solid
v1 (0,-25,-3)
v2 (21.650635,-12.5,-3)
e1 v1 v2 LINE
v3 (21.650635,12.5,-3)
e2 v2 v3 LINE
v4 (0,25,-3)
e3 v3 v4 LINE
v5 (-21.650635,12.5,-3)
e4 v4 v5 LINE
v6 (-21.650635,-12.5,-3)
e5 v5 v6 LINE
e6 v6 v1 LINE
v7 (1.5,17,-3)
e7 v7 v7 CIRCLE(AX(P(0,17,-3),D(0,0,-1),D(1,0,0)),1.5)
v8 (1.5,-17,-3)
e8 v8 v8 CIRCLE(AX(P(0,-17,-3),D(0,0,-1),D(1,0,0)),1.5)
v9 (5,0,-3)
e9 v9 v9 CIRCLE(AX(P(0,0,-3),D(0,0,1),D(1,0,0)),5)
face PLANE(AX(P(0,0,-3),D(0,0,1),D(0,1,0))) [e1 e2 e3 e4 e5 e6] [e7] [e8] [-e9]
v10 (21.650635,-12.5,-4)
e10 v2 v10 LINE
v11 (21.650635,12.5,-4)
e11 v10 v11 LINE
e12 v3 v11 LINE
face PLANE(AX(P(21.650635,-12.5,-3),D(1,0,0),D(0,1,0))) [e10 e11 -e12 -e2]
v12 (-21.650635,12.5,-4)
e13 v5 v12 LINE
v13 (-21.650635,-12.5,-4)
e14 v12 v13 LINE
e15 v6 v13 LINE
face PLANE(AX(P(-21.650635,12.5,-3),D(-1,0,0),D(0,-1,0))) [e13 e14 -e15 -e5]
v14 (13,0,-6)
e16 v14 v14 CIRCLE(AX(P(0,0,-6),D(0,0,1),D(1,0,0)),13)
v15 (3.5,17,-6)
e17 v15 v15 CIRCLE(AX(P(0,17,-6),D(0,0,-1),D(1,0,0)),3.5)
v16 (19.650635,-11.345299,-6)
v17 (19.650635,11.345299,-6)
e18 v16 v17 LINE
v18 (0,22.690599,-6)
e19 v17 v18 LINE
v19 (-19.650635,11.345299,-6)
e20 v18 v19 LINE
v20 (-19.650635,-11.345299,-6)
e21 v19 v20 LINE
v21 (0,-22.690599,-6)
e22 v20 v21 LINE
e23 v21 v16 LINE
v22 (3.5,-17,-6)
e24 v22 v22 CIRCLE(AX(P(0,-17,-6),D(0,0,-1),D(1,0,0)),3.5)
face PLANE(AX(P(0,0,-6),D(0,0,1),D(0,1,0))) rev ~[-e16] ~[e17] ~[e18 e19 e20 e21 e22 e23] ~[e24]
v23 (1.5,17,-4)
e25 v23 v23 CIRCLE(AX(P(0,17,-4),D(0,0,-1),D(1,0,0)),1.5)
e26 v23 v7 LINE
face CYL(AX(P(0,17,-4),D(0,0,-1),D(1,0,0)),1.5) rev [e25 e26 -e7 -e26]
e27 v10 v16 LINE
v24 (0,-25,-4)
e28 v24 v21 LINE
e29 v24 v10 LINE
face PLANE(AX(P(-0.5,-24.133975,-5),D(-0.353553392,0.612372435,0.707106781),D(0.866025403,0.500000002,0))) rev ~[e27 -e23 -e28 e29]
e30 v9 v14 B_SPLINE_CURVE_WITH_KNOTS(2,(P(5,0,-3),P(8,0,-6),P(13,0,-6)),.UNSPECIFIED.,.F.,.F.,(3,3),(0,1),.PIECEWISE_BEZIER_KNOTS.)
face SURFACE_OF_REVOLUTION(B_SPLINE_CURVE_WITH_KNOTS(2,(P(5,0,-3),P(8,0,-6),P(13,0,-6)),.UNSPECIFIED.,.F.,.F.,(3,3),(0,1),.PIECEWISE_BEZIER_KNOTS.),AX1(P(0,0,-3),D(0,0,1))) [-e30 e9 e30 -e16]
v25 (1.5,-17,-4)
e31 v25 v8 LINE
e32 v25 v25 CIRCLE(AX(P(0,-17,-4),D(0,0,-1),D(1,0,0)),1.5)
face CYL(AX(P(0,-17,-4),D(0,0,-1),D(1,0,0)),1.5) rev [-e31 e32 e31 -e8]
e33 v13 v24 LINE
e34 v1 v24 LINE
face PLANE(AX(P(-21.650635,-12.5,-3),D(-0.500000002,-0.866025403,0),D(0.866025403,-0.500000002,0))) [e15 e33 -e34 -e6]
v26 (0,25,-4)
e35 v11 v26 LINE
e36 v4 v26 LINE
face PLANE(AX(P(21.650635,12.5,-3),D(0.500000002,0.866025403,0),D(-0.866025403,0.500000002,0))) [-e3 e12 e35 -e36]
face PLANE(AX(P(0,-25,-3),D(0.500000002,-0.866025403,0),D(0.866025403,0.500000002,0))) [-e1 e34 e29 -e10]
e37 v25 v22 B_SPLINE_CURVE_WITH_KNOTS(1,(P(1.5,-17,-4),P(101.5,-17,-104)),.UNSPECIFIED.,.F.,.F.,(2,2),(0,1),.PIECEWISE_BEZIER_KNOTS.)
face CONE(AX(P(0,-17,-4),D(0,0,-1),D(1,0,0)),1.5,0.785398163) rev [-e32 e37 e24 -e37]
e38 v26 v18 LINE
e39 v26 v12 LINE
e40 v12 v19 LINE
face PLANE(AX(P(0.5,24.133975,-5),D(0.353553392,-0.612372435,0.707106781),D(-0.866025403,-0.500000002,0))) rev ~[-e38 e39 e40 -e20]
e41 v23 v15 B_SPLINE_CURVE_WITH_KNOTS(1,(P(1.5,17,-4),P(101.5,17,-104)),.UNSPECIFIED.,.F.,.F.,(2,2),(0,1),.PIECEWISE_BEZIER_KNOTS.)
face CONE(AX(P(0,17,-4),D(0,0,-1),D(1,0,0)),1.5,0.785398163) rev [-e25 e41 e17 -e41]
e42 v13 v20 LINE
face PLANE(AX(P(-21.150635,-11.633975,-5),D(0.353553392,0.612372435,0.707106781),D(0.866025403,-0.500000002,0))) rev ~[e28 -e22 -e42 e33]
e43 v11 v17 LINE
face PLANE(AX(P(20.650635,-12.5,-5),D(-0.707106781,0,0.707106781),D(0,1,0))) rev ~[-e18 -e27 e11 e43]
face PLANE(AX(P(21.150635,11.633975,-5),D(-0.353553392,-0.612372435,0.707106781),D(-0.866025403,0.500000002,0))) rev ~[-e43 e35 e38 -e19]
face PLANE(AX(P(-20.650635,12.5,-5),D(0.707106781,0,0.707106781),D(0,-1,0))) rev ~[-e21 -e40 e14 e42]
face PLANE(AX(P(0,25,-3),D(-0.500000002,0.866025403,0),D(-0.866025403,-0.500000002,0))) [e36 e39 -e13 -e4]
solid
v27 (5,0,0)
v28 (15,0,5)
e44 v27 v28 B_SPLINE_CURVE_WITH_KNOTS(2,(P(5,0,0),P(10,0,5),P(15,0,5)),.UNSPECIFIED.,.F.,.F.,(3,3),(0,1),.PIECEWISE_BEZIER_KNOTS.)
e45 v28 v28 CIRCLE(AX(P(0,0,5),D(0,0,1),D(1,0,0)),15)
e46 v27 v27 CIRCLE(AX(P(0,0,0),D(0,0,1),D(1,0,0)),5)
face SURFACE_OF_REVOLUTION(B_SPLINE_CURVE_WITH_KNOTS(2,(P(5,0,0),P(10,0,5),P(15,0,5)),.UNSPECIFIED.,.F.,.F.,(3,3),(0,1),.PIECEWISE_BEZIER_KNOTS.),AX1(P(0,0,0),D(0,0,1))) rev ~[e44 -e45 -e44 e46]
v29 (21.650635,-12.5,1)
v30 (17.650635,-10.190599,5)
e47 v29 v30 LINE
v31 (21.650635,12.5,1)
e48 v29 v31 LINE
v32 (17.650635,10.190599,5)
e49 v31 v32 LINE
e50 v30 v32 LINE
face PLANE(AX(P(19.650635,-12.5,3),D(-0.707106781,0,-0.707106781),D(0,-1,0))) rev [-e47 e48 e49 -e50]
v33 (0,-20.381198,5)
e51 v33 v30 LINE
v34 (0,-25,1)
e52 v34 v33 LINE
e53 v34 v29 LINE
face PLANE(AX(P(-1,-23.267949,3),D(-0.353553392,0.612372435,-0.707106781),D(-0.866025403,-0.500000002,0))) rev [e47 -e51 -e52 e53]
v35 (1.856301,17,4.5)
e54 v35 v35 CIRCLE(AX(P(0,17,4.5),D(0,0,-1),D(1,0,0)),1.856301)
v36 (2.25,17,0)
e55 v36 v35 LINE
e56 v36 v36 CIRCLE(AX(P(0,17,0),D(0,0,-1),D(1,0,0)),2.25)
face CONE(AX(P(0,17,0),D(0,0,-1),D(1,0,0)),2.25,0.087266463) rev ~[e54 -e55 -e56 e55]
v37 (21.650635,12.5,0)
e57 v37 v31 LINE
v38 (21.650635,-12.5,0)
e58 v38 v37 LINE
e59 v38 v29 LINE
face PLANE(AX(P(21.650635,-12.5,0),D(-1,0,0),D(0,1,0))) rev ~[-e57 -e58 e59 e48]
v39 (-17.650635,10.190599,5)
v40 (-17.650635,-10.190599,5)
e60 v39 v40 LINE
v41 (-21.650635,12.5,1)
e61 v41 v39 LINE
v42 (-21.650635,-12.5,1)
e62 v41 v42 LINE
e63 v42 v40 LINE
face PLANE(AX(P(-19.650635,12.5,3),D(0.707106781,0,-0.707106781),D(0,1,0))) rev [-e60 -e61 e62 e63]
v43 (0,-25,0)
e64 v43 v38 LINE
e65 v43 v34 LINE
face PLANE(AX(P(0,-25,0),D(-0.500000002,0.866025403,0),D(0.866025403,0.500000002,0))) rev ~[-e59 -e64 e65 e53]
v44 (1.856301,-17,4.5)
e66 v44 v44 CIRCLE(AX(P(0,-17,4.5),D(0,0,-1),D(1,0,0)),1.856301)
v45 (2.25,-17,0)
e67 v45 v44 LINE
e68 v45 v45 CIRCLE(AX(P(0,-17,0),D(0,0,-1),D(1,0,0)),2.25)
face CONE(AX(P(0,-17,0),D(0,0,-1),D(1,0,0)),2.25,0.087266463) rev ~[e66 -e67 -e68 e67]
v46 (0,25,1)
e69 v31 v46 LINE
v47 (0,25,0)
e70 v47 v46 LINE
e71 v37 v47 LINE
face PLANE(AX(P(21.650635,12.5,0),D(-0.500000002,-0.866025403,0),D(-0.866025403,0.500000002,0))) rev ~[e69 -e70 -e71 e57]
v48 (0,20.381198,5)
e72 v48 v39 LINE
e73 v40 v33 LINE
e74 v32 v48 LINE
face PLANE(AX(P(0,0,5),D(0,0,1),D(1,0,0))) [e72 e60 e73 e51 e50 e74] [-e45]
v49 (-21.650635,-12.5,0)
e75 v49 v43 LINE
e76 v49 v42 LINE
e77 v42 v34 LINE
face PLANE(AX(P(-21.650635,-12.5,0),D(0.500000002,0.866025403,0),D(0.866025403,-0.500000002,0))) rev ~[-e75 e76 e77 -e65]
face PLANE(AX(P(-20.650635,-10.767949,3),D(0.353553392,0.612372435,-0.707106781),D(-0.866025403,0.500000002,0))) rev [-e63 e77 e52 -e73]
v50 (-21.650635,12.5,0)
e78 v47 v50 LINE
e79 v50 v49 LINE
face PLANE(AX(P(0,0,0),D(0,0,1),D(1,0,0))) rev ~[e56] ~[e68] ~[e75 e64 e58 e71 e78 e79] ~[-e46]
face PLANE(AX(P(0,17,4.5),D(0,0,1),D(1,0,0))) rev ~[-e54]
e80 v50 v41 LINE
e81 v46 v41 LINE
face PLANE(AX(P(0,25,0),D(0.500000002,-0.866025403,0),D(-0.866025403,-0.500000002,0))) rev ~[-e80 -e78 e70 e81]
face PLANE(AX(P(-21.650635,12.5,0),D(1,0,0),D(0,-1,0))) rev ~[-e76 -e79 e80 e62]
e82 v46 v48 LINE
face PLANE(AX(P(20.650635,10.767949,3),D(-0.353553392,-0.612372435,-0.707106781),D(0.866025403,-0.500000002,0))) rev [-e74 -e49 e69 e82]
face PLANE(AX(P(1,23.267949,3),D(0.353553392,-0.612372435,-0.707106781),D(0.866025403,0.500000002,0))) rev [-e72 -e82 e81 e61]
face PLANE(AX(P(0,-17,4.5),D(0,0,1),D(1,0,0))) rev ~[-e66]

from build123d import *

# Parameters (mm, degrees)
PAD_DEPTH       = 5
CHAMFER_SIZE    = 4
SKETCH002_R     = 2.25
POCKET_DEPTH    = 4.5
POCKET_TAPER    = 5
PAD001_DEPTH    = 3
CHAMFER001_SIZE = 2
SKETCH003_R     = 1.5
POCKET001_DEPTH = 100
POCKET001_TAPER = -45
POCKET002_DEPTH = 1.001


with BuildPart() as top:
    # Sketch → Pad (new body)
    with BuildSketch(Plane.XY):
        Polygon((0, -25), (21.650635, -12.5), (21.650635, 12.5), (0, 25), (-21.650635, 12.5), (-21.650635, -12.5), align=None)
    extrude(amount=PAD_DEPTH)

    # Chamfer
    chamfer_edges = [top.edges().sort_by_distance(p)[0] for p in [
        (-10.825318, 18.75, 5),
        (-21.650635, 0, 5),
        (-10.825318, -18.75, 5),
        (10.825318, -18.75, 5),
        (21.650635, 0, 5),
        (10.825318, 18.75, 5),
    ]]
    chamfer(chamfer_edges, length=CHAMFER_SIZE)

    # Sketch001 → Groove (revolve, cut)
    with BuildSketch(Plane.XZ):
        with BuildLine():
            Line((0, 5), (0, 0))
            Line((0, 0), (5, 0))
            add(Edge.make_bspline(
                [(5, 0), (10, 5), (15, 5)],
                knots=[0, 0, 0, 1, 1, 1], degree=2))
            Line((15, 5), (0, 5))
        make_face()
    revolve(axis=Axis((0, 0, 0), (0, 0, 1)), mode=Mode.SUBTRACT)

    # Sketch002 → Pocket (cut)
    with BuildSketch(Plane.XY):
        with Locations((0, 17)):
            Circle(SKETCH002_R)
        with Locations((0, -17)):
            Circle(SKETCH002_R)
    extrude(amount=POCKET_DEPTH, taper=POCKET_TAPER, mode=Mode.SUBTRACT)


with BuildPart() as bottom:
    # Binder → Pad001 (new body)
    with BuildSketch(Plane(origin=(0, 0, -3), x_dir=(0, 1, 0), z_dir=(0, 0, 1))):
        Polygon((-25, 0), (-12.5, -21.650635), (12.5, -21.650635), (25, 0), (12.5, 21.650635), (-12.5, 21.650635), align=None)
    extrude(amount=-PAD001_DEPTH)

    # Chamfer001
    chamfer001_edges = [bottom.edges().sort_by_distance(p)[0] for p in [
        (10.825318, -18.75, -6),
        (21.650635, 0, -6),
        (10.825318, 18.75, -6),
        (-10.825318, 18.75, -6),
        (-21.650635, 0, -6),
        (-10.825318, -18.75, -6),
    ]]
    chamfer(chamfer001_edges, length=CHAMFER001_SIZE)

    # Sketch003 (on Binder) → Pocket001 (cut)
    with BuildSketch(Plane.XY.offset(-4)):
        with Locations((0, 17)):
            Circle(SKETCH003_R)
        with Locations((0, -17)):
            Circle(SKETCH003_R)
    extrude(amount=-POCKET001_DEPTH, taper=POCKET001_TAPER, mode=Mode.SUBTRACT)

    # Sketch003 (on Binder) → Pocket002 (cut, through all)
    with BuildSketch(Plane.XY.offset(-4)):
        with Locations((0, 17)):
            Circle(SKETCH003_R)
        with Locations((0, -17)):
            Circle(SKETCH003_R)
    extrude(amount=POCKET002_DEPTH, mode=Mode.SUBTRACT)

    # Sketch004 (on Binder) → Groove001 (revolve, cut)
    with BuildSketch(Plane(origin=(0, 0, -3), x_dir=(1, 0, 0), z_dir=(0, -1, 0))):
        with BuildLine():
            Line((0, -3), (0, 0))
            Line((0, 0), (5, 0))
            add(Edge.make_bspline(
                [(5, 0), (8, -3), (13, -3)],
                knots=[0, 0, 0, 1, 1, 1], degree=2))
            Line((13, -3), (0, -3))
        make_face()
    revolve(axis=Axis((0, 0, -3), (0, 0, 1)), mode=Mode.SUBTRACT)


solid = Compound([top.part, bottom.part])
